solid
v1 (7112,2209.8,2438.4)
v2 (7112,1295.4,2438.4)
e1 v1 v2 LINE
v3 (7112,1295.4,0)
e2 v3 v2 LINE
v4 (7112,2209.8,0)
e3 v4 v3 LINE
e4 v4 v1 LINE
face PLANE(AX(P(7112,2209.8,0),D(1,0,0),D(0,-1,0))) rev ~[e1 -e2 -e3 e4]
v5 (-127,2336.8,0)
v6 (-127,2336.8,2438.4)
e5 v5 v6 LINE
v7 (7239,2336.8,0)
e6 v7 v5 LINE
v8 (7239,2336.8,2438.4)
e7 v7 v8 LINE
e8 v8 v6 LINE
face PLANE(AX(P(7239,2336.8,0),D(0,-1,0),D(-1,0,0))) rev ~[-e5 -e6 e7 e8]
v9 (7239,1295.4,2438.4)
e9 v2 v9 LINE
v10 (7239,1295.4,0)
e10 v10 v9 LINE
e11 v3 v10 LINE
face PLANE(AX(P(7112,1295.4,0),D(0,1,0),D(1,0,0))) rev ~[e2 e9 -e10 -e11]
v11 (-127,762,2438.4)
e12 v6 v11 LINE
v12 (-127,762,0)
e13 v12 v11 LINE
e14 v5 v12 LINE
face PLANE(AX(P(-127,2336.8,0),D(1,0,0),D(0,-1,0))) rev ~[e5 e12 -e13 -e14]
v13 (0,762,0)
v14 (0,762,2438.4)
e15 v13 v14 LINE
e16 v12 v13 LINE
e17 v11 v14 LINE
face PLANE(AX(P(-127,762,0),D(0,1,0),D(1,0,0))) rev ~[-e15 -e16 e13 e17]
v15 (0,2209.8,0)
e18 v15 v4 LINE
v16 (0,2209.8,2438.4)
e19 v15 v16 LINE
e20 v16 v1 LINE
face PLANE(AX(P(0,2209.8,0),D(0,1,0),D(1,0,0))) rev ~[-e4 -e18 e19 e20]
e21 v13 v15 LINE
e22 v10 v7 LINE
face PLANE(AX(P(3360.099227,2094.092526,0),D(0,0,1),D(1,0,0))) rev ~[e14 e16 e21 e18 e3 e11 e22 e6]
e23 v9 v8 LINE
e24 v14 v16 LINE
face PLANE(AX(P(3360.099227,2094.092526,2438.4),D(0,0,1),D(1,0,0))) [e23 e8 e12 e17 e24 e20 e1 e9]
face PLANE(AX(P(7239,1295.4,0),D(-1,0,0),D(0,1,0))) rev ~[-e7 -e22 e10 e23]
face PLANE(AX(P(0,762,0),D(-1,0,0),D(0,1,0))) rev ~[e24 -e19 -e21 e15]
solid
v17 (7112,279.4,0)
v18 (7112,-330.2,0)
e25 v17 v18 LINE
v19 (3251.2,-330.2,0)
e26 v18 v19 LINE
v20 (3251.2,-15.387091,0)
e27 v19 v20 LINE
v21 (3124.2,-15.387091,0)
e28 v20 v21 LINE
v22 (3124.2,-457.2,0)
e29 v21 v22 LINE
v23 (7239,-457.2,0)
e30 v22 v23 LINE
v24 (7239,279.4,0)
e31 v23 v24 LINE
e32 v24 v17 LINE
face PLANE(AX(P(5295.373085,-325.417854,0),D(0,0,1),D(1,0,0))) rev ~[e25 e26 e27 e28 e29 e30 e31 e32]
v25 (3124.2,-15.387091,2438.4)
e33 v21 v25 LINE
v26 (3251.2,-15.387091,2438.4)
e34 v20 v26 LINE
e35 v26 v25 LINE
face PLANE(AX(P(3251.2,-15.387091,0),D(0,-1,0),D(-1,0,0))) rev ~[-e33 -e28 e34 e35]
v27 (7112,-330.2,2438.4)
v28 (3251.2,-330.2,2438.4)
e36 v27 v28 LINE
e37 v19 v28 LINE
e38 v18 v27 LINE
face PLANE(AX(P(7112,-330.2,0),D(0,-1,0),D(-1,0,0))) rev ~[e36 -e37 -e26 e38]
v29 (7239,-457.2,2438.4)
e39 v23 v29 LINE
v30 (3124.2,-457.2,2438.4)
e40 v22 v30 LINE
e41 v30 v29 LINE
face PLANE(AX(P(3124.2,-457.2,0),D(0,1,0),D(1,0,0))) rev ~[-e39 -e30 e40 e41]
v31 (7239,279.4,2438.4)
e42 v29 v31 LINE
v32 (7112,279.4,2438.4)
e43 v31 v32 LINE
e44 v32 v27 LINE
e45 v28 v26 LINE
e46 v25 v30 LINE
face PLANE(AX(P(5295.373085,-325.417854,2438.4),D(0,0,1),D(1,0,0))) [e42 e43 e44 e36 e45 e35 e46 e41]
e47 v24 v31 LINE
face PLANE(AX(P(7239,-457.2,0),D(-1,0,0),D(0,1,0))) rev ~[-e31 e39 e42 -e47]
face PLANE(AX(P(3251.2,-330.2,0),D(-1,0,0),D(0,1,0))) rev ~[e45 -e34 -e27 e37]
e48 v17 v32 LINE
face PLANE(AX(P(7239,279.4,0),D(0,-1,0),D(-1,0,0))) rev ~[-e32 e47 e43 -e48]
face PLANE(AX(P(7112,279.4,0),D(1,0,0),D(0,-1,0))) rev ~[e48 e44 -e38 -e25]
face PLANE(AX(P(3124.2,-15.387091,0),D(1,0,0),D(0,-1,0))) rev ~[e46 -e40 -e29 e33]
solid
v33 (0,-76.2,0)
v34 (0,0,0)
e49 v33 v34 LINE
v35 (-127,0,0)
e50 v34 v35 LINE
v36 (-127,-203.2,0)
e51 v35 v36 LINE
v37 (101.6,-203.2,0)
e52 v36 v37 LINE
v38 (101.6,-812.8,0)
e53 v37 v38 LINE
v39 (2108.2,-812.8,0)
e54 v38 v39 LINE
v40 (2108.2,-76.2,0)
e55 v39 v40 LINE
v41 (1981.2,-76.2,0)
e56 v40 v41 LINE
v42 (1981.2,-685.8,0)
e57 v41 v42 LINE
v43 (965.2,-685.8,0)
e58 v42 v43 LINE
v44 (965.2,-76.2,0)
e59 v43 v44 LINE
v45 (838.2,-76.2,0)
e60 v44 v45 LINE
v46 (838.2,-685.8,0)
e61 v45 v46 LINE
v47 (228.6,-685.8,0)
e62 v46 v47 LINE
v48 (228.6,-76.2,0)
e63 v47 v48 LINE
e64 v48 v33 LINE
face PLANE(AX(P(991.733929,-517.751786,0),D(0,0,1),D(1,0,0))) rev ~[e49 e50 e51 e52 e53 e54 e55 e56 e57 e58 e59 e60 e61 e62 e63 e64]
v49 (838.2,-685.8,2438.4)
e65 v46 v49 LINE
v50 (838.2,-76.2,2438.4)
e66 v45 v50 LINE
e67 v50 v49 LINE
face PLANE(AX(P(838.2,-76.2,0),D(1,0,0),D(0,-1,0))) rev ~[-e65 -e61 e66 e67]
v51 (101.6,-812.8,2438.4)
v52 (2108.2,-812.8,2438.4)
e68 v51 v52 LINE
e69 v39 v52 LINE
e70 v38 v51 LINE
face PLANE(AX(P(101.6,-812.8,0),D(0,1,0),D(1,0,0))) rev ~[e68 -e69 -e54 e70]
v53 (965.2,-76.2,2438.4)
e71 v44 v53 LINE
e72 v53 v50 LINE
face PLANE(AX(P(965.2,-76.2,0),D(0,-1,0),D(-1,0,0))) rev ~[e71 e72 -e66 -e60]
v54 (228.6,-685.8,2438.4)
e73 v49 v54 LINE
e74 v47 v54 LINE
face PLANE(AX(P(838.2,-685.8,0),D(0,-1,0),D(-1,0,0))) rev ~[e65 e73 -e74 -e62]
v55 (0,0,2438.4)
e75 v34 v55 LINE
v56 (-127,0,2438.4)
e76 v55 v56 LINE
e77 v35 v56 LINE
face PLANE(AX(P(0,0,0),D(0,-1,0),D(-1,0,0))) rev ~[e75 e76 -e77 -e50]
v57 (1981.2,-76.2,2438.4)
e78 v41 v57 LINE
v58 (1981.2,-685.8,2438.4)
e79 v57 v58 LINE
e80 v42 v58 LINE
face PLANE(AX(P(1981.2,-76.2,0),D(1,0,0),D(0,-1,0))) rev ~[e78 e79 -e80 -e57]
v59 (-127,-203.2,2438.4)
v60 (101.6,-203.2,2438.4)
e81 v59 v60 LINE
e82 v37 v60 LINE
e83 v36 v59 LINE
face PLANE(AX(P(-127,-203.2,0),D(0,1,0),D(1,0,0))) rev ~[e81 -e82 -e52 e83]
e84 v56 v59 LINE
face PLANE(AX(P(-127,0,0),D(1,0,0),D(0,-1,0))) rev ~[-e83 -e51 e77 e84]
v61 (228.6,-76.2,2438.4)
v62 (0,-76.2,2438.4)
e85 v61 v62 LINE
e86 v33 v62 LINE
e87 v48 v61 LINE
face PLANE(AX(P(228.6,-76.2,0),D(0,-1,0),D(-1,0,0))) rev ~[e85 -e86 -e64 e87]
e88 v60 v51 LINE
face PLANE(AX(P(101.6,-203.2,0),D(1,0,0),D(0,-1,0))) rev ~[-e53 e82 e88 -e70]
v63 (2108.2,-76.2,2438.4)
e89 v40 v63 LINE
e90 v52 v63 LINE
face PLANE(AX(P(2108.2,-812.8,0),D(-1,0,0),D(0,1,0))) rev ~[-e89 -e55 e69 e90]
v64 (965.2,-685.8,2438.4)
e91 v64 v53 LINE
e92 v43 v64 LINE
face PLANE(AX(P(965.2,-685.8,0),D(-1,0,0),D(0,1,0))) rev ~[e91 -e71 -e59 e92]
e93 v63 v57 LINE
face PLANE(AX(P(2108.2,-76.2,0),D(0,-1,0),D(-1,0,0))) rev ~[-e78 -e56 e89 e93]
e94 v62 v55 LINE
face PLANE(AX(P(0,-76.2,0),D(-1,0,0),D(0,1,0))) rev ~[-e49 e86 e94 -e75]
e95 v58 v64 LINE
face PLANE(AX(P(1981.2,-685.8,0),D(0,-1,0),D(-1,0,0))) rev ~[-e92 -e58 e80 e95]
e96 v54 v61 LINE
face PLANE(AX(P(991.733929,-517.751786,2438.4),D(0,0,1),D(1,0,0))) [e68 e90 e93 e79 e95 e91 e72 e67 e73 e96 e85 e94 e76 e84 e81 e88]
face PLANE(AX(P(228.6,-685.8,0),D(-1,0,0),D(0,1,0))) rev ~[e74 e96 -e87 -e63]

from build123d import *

# Parameters (mm, degrees)
F1_DEPTH = 2438.4


with BuildPart() as f1:
    # F0 (on Top) → F1 (new body)
    with BuildSketch(Plane.XY):
        Polygon((-127, 762), (0, 762), (0, 2209.8), (7112, 2209.8), (7112, 1295.4), (7239, 1295.4), (7239, 2336.8), (-127, 2336.8), align=None)
        Polygon((0, -76.2), (0, 0), (-127, 0), (-127, -203.2), (101.6, -203.2), (101.6, -812.8), (2108.2, -812.8), (2108.2, -76.2), (1981.2, -76.2), (1981.2, -685.8), (965.2, -685.8), (965.2, -76.2), (838.2, -76.2), (838.2, -685.8), (228.6, -685.8), (228.6, -76.2), align=None)
        Polygon((7239, -457.2), (7239, 279.4), (7112, 279.4), (7112, -330.2), (3251.2, -330.2), (3251.2, -15.387091), (3124.2, -15.387091), (3124.2, -457.2), align=None)
    extrude(amount=F1_DEPTH)


solid = f1.part
